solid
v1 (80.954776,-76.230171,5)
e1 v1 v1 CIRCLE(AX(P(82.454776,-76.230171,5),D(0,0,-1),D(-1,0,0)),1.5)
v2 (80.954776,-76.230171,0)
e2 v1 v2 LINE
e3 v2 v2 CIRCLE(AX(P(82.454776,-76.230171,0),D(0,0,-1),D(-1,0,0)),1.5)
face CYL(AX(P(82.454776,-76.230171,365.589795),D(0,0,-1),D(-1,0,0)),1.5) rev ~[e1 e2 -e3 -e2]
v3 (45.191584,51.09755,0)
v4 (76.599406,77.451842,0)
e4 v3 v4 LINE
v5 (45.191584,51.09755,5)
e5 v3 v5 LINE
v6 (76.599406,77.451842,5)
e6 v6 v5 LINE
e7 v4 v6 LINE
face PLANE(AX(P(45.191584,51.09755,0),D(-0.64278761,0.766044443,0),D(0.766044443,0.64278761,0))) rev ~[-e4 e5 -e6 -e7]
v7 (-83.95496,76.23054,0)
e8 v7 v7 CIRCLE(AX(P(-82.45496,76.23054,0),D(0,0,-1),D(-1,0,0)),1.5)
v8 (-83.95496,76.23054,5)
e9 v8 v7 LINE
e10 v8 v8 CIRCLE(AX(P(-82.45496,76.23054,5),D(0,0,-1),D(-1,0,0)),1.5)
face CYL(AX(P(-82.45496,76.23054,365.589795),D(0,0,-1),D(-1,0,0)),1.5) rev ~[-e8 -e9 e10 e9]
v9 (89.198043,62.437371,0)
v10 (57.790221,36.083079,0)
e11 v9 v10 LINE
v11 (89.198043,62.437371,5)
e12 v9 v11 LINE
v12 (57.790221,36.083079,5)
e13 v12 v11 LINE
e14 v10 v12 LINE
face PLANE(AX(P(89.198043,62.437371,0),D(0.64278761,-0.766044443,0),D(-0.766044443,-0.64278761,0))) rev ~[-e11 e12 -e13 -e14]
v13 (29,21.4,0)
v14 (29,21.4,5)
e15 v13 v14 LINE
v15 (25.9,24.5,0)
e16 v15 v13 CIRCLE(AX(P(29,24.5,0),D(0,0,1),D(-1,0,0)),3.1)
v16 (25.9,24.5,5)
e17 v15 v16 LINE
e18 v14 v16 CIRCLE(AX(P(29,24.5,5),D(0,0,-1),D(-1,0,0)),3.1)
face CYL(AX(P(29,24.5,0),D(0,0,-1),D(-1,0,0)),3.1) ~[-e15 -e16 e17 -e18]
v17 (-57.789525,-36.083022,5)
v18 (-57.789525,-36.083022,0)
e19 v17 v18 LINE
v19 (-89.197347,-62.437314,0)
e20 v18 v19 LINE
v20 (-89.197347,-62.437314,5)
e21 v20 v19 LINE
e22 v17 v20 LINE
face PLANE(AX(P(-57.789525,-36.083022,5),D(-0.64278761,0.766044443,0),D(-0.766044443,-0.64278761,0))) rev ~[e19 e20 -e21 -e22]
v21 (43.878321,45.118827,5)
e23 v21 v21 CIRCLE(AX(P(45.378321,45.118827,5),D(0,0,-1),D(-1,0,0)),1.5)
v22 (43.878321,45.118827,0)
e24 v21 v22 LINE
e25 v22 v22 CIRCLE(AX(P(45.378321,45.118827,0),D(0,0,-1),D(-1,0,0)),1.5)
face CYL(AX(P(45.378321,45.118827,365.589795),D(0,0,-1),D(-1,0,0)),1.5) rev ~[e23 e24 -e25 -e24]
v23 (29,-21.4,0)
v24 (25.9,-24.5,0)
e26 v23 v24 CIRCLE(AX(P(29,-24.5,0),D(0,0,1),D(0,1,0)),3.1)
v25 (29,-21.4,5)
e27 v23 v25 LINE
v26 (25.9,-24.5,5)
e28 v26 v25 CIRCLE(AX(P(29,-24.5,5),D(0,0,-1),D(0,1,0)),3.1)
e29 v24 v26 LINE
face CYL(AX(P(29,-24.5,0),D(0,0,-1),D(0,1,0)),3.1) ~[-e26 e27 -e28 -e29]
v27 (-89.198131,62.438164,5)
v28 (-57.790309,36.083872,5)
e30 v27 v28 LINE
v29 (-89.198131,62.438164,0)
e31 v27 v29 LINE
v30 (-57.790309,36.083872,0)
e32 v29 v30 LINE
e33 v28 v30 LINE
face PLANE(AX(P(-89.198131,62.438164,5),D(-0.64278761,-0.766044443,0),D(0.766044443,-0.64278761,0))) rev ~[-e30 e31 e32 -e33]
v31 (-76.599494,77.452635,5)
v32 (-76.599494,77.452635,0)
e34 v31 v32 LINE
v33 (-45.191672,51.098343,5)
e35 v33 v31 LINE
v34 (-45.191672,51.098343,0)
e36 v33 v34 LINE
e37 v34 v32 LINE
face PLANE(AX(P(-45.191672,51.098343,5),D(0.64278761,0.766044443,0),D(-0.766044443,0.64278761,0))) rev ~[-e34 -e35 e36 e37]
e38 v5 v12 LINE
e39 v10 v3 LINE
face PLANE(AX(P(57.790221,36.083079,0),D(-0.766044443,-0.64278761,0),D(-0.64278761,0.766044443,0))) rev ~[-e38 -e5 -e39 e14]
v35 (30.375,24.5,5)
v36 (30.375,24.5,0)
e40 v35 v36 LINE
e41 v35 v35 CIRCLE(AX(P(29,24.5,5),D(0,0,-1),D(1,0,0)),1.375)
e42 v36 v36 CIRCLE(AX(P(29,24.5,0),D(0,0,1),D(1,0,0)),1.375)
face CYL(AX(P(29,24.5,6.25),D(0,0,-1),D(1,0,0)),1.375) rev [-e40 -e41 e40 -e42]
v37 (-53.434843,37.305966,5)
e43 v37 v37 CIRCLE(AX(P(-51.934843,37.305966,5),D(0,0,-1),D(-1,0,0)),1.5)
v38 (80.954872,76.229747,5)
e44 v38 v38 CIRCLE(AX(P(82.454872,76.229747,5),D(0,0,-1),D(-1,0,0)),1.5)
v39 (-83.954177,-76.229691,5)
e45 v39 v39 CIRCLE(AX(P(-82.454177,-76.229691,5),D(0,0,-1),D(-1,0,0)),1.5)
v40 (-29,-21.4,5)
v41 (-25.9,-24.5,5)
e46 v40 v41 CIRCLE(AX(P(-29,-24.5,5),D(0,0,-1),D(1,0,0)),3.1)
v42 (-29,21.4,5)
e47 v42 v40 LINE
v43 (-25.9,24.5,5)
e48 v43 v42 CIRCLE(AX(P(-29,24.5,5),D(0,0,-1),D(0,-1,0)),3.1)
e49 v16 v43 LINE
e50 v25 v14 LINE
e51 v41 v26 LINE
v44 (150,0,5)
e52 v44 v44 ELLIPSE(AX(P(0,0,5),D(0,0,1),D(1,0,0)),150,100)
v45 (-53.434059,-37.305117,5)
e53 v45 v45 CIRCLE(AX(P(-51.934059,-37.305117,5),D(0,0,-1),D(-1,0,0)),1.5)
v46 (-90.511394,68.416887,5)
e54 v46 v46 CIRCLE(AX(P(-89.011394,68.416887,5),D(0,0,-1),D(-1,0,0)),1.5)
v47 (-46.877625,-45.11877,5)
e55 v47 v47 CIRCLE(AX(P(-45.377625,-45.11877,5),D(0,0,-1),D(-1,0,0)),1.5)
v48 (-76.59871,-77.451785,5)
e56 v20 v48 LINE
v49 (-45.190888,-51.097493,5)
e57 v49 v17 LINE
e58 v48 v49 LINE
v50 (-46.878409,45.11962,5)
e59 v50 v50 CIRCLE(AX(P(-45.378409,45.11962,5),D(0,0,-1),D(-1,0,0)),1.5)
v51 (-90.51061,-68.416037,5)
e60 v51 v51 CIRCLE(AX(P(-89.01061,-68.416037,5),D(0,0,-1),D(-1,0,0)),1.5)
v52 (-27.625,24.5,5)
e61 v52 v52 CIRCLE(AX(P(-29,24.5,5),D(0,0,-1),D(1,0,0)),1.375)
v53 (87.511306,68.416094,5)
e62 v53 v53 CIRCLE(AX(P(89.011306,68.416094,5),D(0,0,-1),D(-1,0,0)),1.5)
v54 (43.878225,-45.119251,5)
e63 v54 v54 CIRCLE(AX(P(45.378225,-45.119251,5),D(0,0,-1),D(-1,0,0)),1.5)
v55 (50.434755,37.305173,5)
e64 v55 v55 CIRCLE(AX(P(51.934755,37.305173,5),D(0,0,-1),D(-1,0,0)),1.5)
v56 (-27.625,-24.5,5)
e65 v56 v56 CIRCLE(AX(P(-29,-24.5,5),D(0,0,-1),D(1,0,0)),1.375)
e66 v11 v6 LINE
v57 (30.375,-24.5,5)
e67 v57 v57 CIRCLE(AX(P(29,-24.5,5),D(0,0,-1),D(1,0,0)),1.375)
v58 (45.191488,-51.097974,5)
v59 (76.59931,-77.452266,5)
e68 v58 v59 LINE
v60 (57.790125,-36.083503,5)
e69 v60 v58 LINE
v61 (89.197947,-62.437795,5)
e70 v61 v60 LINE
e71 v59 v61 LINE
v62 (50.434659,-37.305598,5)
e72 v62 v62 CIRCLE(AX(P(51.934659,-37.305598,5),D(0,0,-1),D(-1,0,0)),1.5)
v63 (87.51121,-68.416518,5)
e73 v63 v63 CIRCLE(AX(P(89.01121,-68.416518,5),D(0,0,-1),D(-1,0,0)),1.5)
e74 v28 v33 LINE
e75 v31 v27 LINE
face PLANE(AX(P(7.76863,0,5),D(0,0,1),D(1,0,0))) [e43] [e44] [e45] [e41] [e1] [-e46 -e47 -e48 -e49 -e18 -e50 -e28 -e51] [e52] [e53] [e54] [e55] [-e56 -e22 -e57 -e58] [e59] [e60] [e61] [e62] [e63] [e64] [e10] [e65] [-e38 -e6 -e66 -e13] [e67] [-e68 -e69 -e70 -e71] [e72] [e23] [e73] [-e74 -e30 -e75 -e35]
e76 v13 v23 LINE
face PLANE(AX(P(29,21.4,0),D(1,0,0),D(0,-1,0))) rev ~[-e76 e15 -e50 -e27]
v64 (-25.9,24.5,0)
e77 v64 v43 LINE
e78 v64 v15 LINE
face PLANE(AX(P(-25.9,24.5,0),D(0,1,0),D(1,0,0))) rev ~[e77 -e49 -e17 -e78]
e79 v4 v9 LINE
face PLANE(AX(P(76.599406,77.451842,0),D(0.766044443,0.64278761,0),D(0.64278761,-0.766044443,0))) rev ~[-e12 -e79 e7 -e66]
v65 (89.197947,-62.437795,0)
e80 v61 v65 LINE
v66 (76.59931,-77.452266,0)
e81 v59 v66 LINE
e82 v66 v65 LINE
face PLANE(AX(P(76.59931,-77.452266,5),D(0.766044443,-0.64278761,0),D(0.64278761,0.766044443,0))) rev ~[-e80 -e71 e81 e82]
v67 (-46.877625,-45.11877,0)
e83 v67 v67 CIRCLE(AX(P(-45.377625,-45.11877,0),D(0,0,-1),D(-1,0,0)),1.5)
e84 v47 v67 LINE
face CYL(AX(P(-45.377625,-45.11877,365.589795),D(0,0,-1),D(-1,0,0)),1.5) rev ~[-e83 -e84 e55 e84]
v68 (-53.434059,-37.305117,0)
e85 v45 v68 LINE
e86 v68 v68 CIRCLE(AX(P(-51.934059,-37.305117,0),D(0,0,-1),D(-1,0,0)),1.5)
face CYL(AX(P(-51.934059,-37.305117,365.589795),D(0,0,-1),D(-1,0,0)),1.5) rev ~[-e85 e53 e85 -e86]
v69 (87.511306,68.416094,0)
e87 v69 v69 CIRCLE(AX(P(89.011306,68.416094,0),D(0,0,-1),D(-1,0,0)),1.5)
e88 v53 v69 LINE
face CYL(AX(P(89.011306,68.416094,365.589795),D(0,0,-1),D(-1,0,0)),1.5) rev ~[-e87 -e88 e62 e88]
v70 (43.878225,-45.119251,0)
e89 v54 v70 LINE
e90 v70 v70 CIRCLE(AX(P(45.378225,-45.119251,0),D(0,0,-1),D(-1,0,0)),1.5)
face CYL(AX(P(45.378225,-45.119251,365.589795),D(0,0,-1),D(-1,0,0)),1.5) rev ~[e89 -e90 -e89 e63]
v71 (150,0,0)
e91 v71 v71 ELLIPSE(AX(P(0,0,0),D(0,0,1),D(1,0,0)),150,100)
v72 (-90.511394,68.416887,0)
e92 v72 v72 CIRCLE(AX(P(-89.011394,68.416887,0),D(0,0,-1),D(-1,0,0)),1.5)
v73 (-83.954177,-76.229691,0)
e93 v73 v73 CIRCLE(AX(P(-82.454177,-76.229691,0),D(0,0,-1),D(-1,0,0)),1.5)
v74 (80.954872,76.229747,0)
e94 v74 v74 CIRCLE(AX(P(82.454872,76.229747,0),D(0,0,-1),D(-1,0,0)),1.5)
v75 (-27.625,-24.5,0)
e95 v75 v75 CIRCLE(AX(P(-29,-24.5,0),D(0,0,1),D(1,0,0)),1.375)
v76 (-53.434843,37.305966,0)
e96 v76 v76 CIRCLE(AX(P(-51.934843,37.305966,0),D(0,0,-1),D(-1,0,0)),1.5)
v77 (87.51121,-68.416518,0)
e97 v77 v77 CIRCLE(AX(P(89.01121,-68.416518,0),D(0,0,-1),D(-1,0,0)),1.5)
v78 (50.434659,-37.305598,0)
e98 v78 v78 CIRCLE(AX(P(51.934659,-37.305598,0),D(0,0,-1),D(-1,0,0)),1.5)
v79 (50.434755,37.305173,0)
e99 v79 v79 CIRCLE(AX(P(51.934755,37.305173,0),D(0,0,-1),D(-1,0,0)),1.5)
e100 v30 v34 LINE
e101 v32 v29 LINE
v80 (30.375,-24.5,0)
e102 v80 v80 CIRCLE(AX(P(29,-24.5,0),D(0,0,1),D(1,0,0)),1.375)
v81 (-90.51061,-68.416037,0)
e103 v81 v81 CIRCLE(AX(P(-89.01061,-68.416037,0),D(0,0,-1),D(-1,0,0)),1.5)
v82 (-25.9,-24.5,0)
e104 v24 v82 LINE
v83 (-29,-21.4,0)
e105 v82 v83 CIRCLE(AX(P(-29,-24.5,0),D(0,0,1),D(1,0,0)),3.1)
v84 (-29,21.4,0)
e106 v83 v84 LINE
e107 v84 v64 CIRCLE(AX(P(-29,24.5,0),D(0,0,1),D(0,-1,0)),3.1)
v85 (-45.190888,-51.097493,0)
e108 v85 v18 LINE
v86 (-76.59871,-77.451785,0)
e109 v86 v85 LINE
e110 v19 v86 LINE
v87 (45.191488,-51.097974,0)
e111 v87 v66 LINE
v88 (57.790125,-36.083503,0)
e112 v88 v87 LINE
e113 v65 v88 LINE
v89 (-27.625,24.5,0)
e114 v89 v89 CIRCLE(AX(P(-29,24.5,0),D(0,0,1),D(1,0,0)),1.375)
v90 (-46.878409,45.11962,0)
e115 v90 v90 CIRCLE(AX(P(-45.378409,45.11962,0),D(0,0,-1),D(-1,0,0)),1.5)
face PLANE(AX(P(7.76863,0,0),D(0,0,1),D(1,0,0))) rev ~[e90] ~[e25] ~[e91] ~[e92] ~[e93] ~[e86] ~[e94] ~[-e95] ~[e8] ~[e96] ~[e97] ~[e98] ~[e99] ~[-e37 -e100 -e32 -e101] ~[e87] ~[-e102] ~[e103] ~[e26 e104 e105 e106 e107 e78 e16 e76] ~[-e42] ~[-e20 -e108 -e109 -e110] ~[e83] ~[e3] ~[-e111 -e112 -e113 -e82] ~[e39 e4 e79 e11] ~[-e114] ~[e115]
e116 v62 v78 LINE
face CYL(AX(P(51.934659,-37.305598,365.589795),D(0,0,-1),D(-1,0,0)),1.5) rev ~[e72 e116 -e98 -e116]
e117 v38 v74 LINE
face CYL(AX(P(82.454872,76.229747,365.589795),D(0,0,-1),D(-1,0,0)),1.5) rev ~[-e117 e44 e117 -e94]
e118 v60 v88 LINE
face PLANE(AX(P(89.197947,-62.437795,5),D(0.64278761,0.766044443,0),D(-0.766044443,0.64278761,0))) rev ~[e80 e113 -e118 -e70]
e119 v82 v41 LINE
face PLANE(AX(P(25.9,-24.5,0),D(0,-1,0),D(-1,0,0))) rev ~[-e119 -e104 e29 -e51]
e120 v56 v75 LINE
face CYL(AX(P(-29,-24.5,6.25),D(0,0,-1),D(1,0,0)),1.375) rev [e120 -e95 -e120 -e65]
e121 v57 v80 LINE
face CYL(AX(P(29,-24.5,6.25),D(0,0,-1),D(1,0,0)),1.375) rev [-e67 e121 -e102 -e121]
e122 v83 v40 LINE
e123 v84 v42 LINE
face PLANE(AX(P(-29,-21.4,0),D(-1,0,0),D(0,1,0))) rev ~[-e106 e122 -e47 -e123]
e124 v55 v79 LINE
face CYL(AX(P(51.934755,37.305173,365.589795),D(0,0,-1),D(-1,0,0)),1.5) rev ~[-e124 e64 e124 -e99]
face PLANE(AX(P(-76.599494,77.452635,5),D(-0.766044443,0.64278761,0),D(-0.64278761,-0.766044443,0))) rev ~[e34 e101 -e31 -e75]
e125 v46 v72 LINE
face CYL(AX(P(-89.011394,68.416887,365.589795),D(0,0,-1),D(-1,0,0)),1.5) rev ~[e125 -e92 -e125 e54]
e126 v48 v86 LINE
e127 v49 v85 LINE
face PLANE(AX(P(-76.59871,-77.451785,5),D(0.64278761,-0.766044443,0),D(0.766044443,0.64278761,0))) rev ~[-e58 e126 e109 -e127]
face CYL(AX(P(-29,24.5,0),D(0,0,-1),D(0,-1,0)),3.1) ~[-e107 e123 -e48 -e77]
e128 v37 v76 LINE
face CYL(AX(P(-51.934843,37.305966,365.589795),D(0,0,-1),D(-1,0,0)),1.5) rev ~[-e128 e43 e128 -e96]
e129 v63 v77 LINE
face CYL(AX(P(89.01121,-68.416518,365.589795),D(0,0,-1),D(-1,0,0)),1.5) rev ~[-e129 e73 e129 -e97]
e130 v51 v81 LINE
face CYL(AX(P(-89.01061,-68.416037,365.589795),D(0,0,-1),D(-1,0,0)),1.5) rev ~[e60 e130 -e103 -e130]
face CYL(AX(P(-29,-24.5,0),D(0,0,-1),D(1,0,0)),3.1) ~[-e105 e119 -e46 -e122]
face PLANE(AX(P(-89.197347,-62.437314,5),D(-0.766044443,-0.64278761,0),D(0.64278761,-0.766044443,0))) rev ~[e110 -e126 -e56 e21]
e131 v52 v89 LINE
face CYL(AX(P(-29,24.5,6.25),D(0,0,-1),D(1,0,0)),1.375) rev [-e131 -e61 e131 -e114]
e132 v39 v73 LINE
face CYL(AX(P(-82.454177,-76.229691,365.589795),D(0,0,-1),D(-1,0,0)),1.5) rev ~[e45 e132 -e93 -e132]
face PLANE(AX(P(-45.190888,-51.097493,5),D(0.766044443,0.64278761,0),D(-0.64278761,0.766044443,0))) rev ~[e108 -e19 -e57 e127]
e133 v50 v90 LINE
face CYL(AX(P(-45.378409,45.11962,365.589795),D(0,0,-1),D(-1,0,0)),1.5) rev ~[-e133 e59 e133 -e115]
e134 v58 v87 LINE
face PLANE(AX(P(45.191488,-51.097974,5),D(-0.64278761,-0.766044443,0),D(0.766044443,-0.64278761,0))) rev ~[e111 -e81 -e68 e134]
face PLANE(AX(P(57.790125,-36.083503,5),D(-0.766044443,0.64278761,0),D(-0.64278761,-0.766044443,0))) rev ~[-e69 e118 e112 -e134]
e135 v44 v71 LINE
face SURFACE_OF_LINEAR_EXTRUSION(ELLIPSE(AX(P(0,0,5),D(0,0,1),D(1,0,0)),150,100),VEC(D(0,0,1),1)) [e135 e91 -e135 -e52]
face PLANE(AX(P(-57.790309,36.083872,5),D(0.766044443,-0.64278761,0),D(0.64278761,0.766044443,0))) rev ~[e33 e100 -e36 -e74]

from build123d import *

# Parameters (mm, degrees)
SKETCH1_RX               = 150
SKETCH1_RY               = 100
BOSS_EXTRUDE1_DEPTH      = 5
CUT_EXTRUDE1_DEPTH       = 181.346887969
CUT_EXTRUDE2_DEPTH       = 181.346887969
CUT_EXTRUDE3_DEPTH       = 181.346887969
CUT_EXTRUDE4_DEPTH       = 181.346887969
CUT_EXTRUDE5_DEPTH       = 181.346887969
SKETCH11_W               = 1.375
SKETCH11_H               = 12.5
SKETCH12_W               = 1.375
SKETCH12_H               = 12.5
SKETCH13_W               = 1.375
SKETCH13_H               = 12.5
SKETCH14_W               = 1.375
SKETCH14_H               = 12.5
F_3_0_3_DIAMETER_HOLE1_D = 3


with BuildPart() as part:
    # Sketch1 → Boss-Extrude1 (new body)
    with BuildSketch(Plane.XY.offset(5)):
        with Locations(Location((0, 0), (0, 0, 0))):
            Ellipse(SKETCH1_RX, SKETCH1_RY)
    extrude(amount=-BOSS_EXTRUDE1_DEPTH)

    # Sketch2 → Cut-Extrude1 (cut, through all)
    with BuildSketch(Plane(origin=(0, 0, 0), x_dir=(-1, 0, 0), z_dir=(0, 0, -1))):
        with BuildLine():
            Line((25.9, 24.5), (-25.9, 24.5))
            ThreePointArc((-25.9, 24.5), (-26.807968978, 22.307968978), (-29, 21.4))
            Line((-29, 21.4), (-29, -21.4))
            ThreePointArc((-29, -21.4), (-26.807968978, -22.307968978), (-25.9, -24.5))
            Line((-25.9, -24.5), (25.9, -24.5))
            ThreePointArc((25.9, -24.5), (26.807968978, -22.307968978), (29, -21.4))
            Line((29, -21.4), (29, 21.4))
            ThreePointArc((29, 21.4), (26.807968978, 22.307968978), (25.9, 24.5))
        make_face()
    extrude(amount=-CUT_EXTRUDE1_DEPTH, mode=Mode.SUBTRACT)

    # Sketch7 → Cut-Extrude2 (cut, through all)
    with BuildSketch(Plane.XY.offset(5)):
        Polygon((45.191487885, -51.097974081), (76.599310052, -77.452266078), (89.197947202, -62.437794993), (57.790125034, -36.083502996), align=None)
    extrude(amount=-CUT_EXTRUDE2_DEPTH, mode=Mode.SUBTRACT)

    # Sketch8 → Cut-Extrude3 (cut, through all)
    with BuildSketch(Plane.XY.offset(5)):
        Polygon((-76.598710341, -77.451785496), (-45.190888173, -51.097493499), (-57.789525323, -36.083022414), (-89.197347491, -62.437314411), align=None)
    extrude(amount=-CUT_EXTRUDE3_DEPTH, mode=Mode.SUBTRACT)

    # Sketch9 → Cut-Extrude4 (cut, through all)
    with BuildSketch(Plane.XY.offset(5)):
        Polygon((-45.191671729, 51.098342778), (-76.599493897, 77.452634775), (-89.198131047, 62.43816369), (-57.790308879, 36.083871693), align=None)
    extrude(amount=-CUT_EXTRUDE4_DEPTH, mode=Mode.SUBTRACT)

    # Sketch10 → Cut-Extrude5 (cut, through all)
    with BuildSketch(Plane(origin=(0, 0, 0), x_dir=(-1, 0, 0), z_dir=(0, 0, -1))):
        Polygon((-89.198042922, 62.437370539), (-57.790220755, 36.083078542), (-45.191583605, 51.097549627), (-76.599405773, 77.451841624), align=None)
    extrude(amount=-CUT_EXTRUDE5_DEPTH, mode=Mode.SUBTRACT)

    # Sketch11 → Cut-Revolve1 (revolve, cut)
    with BuildSketch(Plane(origin=(0, -24.5, 0), x_dir=(1, 0, 0), z_dir=(0, 1, 0))):
        with Locations((29.6875, -6.25)):
            Rectangle(SKETCH11_W, SKETCH11_H)
    revolve(axis=Axis((29, -24.5, 0), (0, 0, 1)), mode=Mode.SUBTRACT)

    # Sketch12 → Cut-Revolve2 (revolve, cut)
    with BuildSketch(Plane(origin=(0, 24.5, 0), x_dir=(1, 0, 0), z_dir=(0, 1, 0))):
        with Locations((29.6875, -6.25)):
            Rectangle(SKETCH12_W, SKETCH12_H)
    revolve(axis=Axis((29, 24.5, 0), (0, 0, 1)), mode=Mode.SUBTRACT)

    # Sketch13 → Cut-Revolve3 (revolve, cut)
    with BuildSketch(Plane(origin=(0, 24.5, 0), x_dir=(1, 0, 0), z_dir=(0, 1, 0))):
        with Locations((-28.3125, -6.25)):
            Rectangle(SKETCH13_W, SKETCH13_H)
    revolve(axis=Axis((-29, 24.5, 0), (0, 0, 1)), mode=Mode.SUBTRACT)

    # Sketch14 → Cut-Revolve4 (revolve, cut)
    with BuildSketch(Plane(origin=(0, -24.5, 0), x_dir=(1, 0, 0), z_dir=(0, 1, 0))):
        with Locations((-28.3125, -6.25)):
            Rectangle(SKETCH14_W, SKETCH14_H)
    revolve(axis=Axis((-29, -24.5, 0), (0, 0, 1)), mode=Mode.SUBTRACT)

    # Ø3.0 (3) Diameter Hole1 (through all)
    with Locations(Plane.XY.offset(5)):
        with Locations((82.454776258, -76.230171352), (89.011209876, -68.416518032), (45.378225211, -45.119251043), (-45.378409055, 45.119619739), (-45.377625499, -45.118770461), (-51.934059118, -37.305117141), (-82.454176546, -76.22969077), (-89.010610165, -68.41603745), (51.934658829, -37.305597723), (51.93475455, 37.305173269), (45.378320931, 45.118826588), (82.454871978, 76.229746897), (-51.934842674, 37.305966419), (-82.454960102, 76.230540048), (-89.011393721, 68.416886728), (89.011305596, 68.416093578)):
            Hole(F_3_0_3_DIAMETER_HOLE1_D / 2)


solid = part.part
